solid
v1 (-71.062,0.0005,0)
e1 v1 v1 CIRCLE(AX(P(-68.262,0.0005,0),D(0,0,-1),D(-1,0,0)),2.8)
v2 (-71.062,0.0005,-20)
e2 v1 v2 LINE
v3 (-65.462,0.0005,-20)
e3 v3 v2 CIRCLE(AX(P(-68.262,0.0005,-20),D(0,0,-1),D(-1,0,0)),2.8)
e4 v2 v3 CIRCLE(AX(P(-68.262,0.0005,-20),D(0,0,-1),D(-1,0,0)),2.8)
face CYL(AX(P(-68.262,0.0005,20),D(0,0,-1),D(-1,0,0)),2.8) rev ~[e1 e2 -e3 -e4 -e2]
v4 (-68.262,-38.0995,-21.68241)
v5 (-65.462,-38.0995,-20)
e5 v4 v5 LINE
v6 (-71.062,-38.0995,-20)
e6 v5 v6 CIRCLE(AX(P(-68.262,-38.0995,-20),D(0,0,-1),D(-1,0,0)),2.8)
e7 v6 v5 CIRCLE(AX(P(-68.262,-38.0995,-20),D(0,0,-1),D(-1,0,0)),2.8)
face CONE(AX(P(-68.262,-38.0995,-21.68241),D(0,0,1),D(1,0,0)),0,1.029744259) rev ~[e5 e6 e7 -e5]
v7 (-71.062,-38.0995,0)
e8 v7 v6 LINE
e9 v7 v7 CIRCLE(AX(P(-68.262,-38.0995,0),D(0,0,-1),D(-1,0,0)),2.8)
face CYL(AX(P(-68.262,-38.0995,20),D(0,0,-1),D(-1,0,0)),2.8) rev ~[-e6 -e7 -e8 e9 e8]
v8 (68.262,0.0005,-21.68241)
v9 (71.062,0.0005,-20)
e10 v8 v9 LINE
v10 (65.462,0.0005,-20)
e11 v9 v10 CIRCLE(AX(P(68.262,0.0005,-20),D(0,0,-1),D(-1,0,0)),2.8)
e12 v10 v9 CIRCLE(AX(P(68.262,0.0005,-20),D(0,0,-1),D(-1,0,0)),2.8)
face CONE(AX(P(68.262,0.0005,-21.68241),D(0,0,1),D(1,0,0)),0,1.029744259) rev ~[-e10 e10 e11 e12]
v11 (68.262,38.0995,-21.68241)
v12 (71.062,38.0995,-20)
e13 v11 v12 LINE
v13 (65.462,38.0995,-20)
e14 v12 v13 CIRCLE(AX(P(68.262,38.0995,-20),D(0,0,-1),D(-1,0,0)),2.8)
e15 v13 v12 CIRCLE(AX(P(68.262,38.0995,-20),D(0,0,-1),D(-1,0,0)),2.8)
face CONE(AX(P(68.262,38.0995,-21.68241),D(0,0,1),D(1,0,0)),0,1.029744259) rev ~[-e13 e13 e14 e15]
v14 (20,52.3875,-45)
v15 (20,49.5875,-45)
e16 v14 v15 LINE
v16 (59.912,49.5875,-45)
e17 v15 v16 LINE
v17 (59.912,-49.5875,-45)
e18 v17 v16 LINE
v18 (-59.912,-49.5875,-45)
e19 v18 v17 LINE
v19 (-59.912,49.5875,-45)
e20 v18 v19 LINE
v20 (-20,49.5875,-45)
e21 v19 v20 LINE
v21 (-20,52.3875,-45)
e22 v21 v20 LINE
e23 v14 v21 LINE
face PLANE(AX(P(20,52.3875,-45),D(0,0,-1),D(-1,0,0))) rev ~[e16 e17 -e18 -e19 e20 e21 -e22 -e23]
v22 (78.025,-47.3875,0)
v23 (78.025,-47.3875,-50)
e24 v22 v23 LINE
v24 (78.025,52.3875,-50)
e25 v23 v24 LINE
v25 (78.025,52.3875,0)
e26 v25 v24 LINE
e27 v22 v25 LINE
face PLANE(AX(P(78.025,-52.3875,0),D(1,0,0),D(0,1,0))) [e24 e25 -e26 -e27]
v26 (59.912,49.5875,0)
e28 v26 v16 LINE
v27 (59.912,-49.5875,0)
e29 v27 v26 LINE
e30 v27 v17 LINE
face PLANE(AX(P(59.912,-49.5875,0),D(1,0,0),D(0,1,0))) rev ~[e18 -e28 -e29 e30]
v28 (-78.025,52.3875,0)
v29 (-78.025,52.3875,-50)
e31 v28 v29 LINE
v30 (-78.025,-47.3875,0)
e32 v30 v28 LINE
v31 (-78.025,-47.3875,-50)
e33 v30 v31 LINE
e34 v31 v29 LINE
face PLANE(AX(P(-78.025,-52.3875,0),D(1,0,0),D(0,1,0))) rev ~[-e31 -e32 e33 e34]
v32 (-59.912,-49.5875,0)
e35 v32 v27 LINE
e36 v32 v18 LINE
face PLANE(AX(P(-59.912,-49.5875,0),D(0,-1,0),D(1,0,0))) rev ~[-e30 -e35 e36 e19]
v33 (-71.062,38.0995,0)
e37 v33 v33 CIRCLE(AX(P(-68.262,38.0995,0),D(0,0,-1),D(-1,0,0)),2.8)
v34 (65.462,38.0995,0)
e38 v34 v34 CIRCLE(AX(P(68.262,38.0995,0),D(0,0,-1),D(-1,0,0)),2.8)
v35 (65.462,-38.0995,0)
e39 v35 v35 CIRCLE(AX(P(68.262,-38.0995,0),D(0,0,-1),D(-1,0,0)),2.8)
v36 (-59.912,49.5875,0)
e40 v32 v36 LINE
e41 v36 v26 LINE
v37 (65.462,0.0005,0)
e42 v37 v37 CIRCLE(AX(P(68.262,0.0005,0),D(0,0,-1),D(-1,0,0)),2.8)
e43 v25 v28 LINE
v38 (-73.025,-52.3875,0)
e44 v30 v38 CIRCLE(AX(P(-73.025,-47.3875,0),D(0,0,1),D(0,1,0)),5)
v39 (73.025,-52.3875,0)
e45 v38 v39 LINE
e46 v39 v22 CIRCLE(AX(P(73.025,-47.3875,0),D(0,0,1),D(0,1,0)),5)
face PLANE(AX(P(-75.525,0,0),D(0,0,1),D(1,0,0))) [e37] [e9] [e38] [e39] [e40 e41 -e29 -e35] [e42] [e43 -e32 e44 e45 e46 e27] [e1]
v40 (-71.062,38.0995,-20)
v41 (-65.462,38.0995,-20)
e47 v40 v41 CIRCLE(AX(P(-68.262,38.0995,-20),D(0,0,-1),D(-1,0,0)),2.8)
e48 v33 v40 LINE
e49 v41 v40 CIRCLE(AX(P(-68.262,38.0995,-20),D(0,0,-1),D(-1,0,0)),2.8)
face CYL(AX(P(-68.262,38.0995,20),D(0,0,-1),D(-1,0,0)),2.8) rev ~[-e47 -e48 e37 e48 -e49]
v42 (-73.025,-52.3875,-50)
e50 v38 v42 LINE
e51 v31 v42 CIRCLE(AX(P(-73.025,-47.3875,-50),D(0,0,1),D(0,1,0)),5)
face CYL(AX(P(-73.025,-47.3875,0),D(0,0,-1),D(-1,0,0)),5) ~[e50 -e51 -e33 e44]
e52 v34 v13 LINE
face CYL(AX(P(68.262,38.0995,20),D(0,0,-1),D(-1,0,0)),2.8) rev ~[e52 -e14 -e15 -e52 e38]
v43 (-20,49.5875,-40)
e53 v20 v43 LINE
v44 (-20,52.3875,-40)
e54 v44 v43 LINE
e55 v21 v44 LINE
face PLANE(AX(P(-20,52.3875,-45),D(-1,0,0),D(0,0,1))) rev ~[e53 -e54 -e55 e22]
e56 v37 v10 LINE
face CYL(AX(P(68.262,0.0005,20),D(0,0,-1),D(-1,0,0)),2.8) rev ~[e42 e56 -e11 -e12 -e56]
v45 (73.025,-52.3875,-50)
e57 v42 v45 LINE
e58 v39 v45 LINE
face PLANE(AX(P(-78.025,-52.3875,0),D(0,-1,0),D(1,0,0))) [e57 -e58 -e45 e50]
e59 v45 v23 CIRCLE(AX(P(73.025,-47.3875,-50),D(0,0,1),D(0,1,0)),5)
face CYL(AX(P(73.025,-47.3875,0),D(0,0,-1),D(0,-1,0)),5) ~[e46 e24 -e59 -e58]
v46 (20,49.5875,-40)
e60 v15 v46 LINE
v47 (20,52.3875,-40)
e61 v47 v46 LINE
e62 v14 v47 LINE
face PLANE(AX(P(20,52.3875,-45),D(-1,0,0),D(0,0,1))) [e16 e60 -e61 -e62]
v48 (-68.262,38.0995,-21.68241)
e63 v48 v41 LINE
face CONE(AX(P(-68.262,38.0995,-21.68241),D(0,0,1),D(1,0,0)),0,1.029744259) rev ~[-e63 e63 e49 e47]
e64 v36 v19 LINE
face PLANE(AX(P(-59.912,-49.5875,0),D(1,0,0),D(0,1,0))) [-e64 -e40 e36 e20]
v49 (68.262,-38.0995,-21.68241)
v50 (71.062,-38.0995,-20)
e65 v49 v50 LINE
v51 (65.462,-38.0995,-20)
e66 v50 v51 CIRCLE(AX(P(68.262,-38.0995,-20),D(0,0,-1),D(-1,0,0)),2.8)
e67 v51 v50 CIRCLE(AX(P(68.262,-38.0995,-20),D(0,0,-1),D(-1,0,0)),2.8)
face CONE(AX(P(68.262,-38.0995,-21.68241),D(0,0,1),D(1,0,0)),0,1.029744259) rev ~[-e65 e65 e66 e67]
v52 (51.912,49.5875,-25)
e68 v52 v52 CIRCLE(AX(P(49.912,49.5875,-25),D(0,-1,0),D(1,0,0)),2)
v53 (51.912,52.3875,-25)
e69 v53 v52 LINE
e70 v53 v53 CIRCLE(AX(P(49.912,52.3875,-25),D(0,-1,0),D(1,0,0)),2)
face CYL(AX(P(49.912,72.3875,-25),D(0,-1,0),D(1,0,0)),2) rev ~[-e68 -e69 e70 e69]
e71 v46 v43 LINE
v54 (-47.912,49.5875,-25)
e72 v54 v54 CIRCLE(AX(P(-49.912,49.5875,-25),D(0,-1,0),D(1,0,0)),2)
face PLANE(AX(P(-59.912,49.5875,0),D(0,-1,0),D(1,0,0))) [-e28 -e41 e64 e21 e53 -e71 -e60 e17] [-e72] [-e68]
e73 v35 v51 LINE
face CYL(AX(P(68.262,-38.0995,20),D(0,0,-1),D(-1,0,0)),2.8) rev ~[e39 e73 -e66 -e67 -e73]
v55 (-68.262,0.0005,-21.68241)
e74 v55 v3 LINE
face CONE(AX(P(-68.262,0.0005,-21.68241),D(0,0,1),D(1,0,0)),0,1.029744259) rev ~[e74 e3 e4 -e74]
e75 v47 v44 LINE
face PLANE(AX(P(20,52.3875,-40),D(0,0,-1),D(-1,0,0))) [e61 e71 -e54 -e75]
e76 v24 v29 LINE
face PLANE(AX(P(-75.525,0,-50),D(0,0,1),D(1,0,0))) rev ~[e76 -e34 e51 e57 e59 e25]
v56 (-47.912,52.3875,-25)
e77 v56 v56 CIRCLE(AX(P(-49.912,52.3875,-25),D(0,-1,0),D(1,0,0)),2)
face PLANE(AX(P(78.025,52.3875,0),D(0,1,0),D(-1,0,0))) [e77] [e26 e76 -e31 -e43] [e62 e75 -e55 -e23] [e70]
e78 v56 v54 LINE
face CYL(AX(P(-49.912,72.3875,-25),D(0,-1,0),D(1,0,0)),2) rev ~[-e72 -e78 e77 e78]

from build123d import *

# Parameters (mm, degrees)
F0_W     = 5
F0_H     = 104.775
F0_W_2   = 146.05
F0_R     = 3.24
F1_DEPTH = 50
F2_W     = 119.824
F2_H     = 99.175
F3_DEPTH = 45
F4_D     = 5.6
F4_DEPTH = 20
F4_TIP   = 1.6824097333
F5_W     = 40
F5_H     = 5
F6_DEPTH = 2.8
F7_D     = 4
F7_DEPTH = 20
F7_TIP   = 1.2017212381
F8_R     = 5


with BuildPart() as f1:
    # F0 (on Top) → F1 (new body)
    with BuildSketch(Plane.XY):
        with Locations((-75.525, 0)):
            Rectangle(F0_W, F0_H)
        Rectangle(F0_W_2, F0_H)
        with Locations((-68.262, -38.0995)):
            Circle(F0_R, mode=Mode.SUBTRACT)
        with Locations((68.262, -38.0995)):
            Circle(F0_R, mode=Mode.SUBTRACT)
        with Locations((-68.262, 0.0005)):
            Circle(F0_R, mode=Mode.SUBTRACT)
        with BuildLine():
            ThreePointArc((68.262, 44.4495), (61.912, 38.0995), (68.262, 31.7495))
            Line((68.262, 31.7495), (72.225, 31.7495))
            Line((72.225, 31.7495), (72.225, 6.3505))
            Line((72.225, 6.3505), (68.262, 6.3505))
            ThreePointArc((68.262, 6.3505), (61.912, 0.0005), (68.262, -6.3495))
            Line((68.262, -6.3495), (72.225, -6.3495))
            Line((72.225, -6.3495), (72.225, -31.7495))
            Line((72.225, -31.7495), (68.262, -31.7495))
            ThreePointArc((68.262, -31.7495), (61.912, -38.0995), (68.262, -44.4495))
            Line((68.262, -44.4495), (72.225, -44.4495))
            Line((72.225, -44.4495), (72.225, -51.5875))
            Line((72.225, -51.5875), (-72.225, -51.5875))
            Line((-72.225, -51.5875), (-72.225, -44.4495))
            Line((-72.225, -44.4495), (-68.262, -44.4495))
            ThreePointArc((-68.262, -44.4495), (-61.912, -38.0995), (-68.262, -31.7495))
            Line((-68.262, -31.7495), (-72.225, -31.7495))
            Line((-72.225, -31.7495), (-72.225, -6.3495))
            Line((-72.225, -6.3495), (-68.262, -6.3495))
            ThreePointArc((-68.262, -6.3495), (-61.912, 0.0005), (-68.262, 6.3505))
            Line((-68.262, 6.3505), (-72.225, 6.3505))
            Line((-72.225, 6.3505), (-72.225, 31.7495))
            Line((-72.225, 31.7495), (-68.262, 31.7495))
            ThreePointArc((-68.262, 31.7495), (-61.912, 38.0995), (-68.262, 44.4495))
            Line((-68.262, 44.4495), (-72.225, 44.4495))
            Line((-72.225, 44.4495), (-72.225, 51.5875))
            Line((-72.225, 51.5875), (72.225, 51.5875))
            Line((72.225, 51.5875), (72.225, 44.4495))
            Line((72.225, 44.4495), (68.262, 44.4495))
        make_face(mode=Mode.SUBTRACT)
        with Locations((-68.262, 38.0995)):
            Circle(F0_R, mode=Mode.SUBTRACT)
        with Locations((68.262, 0.0005)):
            Circle(F0_R, mode=Mode.SUBTRACT)
        with Locations((68.262, 38.0995)):
            Circle(F0_R, mode=Mode.SUBTRACT)
        with Locations((75.525, 0)):
            Rectangle(F0_W, F0_H)
        with Locations((-68.262, 38.0995)):
            Circle(F0_R)
        with BuildLine():
            Line((72.225, 31.7495), (68.262, 31.7495))
            ThreePointArc((68.262, 31.7495), (61.912, 38.0995), (68.262, 44.4495))
            Line((68.262, 44.4495), (72.225, 44.4495))
            Line((72.225, 44.4495), (72.225, 51.5875))
            Line((72.225, 51.5875), (-72.225, 51.5875))
            Line((-72.225, 51.5875), (-72.225, 44.4495))
            Line((-72.225, 44.4495), (-68.262, 44.4495))
            ThreePointArc((-68.262, 44.4495), (-61.912, 38.0995), (-68.262, 31.7495))
            Line((-68.262, 31.7495), (-72.225, 31.7495))
            Line((-72.225, 31.7495), (-72.225, 6.3505))
            Line((-72.225, 6.3505), (-68.262, 6.3505))
            ThreePointArc((-68.262, 6.3505), (-61.912, 0.0005), (-68.262, -6.3495))
            Line((-68.262, -6.3495), (-72.225, -6.3495))
            Line((-72.225, -6.3495), (-72.225, -31.7495))
            Line((-72.225, -31.7495), (-68.262, -31.7495))
            ThreePointArc((-68.262, -31.7495), (-61.912, -38.0995), (-68.262, -44.4495))
            Line((-68.262, -44.4495), (-72.225, -44.4495))
            Line((-72.225, -44.4495), (-72.225, -51.5875))
            Line((-72.225, -51.5875), (72.225, -51.5875))
            Line((72.225, -51.5875), (72.225, -44.4495))
            Line((72.225, -44.4495), (68.262, -44.4495))
            ThreePointArc((68.262, -44.4495), (61.912, -38.0995), (68.262, -31.7495))
            Line((68.262, -31.7495), (72.225, -31.7495))
            Line((72.225, -31.7495), (72.225, -6.3495))
            Line((72.225, -6.3495), (68.262, -6.3495))
            ThreePointArc((68.262, -6.3495), (61.912, 0.0005), (68.262, 6.3505))
            Line((68.262, 6.3505), (72.225, 6.3505))
            Line((72.225, 6.3505), (72.225, 31.7495))
        make_face()
        with Locations((-68.262, 0.0005)):
            Circle(F0_R)
        with Locations((-68.262, -38.0995)):
            Circle(F0_R)
        with Locations((68.262, -38.0995)):
            Circle(F0_R)
        with Locations((68.262, 0.0005)):
            Circle(F0_R)
        with Locations((68.262, 38.0995)):
            Circle(F0_R)
    extrude(amount=-F1_DEPTH)

    # F2 (on face) → F3 (cut)
    with BuildSketch(Plane.XY):
        Rectangle(F2_W, F2_H)
    extrude(amount=-F3_DEPTH, mode=Mode.SUBTRACT)

    # F4
    with Locations(Plane.XY):
        with Locations((-68.262, 38.0995), (-68.262, 0.0005), (-68.262, -38.0995), (68.262, -38.0995), (68.262, 38.0995), (68.262, 0.0005)):
            Hole(F4_D / 2, depth=F4_DEPTH)
            with Locations((0, 0, -(F4_DEPTH + F4_TIP / 2))):  # 118° drill point
                Cone(0, F4_D / 2, F4_TIP, mode=Mode.SUBTRACT)

    # F5 (on face) → F6 (cut, through all)
    with BuildSketch(Plane(origin=(0, 52.3875, 0), x_dir=(-1, 0, 0), z_dir=(0, 1, 0))):
        with Locations((0, -42.5)):
            Rectangle(F5_W, F5_H)
    extrude(amount=-F6_DEPTH, mode=Mode.SUBTRACT)

    # F7
    with Locations(Plane(origin=(0, 52.3875, 0), x_dir=(-1, 0, 0), z_dir=(0, 1, 0))):
        with Locations((-49.912, -25), (49.912, -25)):
            Hole(F7_D / 2, depth=F7_DEPTH)
            with Locations((0, 0, -(F7_DEPTH + F7_TIP / 2))):  # 118° drill point
                Cone(0, F7_D / 2, F7_TIP, mode=Mode.SUBTRACT)

    # F8
    f8_edges = [f1.edges().sort_by_distance(p)[0] for p in [
        (-78.025, -52.3875, -25),
        (78.025, -52.3875, -25),
    ]]
    fillet(f8_edges, radius=F8_R)


solid = f1.part
